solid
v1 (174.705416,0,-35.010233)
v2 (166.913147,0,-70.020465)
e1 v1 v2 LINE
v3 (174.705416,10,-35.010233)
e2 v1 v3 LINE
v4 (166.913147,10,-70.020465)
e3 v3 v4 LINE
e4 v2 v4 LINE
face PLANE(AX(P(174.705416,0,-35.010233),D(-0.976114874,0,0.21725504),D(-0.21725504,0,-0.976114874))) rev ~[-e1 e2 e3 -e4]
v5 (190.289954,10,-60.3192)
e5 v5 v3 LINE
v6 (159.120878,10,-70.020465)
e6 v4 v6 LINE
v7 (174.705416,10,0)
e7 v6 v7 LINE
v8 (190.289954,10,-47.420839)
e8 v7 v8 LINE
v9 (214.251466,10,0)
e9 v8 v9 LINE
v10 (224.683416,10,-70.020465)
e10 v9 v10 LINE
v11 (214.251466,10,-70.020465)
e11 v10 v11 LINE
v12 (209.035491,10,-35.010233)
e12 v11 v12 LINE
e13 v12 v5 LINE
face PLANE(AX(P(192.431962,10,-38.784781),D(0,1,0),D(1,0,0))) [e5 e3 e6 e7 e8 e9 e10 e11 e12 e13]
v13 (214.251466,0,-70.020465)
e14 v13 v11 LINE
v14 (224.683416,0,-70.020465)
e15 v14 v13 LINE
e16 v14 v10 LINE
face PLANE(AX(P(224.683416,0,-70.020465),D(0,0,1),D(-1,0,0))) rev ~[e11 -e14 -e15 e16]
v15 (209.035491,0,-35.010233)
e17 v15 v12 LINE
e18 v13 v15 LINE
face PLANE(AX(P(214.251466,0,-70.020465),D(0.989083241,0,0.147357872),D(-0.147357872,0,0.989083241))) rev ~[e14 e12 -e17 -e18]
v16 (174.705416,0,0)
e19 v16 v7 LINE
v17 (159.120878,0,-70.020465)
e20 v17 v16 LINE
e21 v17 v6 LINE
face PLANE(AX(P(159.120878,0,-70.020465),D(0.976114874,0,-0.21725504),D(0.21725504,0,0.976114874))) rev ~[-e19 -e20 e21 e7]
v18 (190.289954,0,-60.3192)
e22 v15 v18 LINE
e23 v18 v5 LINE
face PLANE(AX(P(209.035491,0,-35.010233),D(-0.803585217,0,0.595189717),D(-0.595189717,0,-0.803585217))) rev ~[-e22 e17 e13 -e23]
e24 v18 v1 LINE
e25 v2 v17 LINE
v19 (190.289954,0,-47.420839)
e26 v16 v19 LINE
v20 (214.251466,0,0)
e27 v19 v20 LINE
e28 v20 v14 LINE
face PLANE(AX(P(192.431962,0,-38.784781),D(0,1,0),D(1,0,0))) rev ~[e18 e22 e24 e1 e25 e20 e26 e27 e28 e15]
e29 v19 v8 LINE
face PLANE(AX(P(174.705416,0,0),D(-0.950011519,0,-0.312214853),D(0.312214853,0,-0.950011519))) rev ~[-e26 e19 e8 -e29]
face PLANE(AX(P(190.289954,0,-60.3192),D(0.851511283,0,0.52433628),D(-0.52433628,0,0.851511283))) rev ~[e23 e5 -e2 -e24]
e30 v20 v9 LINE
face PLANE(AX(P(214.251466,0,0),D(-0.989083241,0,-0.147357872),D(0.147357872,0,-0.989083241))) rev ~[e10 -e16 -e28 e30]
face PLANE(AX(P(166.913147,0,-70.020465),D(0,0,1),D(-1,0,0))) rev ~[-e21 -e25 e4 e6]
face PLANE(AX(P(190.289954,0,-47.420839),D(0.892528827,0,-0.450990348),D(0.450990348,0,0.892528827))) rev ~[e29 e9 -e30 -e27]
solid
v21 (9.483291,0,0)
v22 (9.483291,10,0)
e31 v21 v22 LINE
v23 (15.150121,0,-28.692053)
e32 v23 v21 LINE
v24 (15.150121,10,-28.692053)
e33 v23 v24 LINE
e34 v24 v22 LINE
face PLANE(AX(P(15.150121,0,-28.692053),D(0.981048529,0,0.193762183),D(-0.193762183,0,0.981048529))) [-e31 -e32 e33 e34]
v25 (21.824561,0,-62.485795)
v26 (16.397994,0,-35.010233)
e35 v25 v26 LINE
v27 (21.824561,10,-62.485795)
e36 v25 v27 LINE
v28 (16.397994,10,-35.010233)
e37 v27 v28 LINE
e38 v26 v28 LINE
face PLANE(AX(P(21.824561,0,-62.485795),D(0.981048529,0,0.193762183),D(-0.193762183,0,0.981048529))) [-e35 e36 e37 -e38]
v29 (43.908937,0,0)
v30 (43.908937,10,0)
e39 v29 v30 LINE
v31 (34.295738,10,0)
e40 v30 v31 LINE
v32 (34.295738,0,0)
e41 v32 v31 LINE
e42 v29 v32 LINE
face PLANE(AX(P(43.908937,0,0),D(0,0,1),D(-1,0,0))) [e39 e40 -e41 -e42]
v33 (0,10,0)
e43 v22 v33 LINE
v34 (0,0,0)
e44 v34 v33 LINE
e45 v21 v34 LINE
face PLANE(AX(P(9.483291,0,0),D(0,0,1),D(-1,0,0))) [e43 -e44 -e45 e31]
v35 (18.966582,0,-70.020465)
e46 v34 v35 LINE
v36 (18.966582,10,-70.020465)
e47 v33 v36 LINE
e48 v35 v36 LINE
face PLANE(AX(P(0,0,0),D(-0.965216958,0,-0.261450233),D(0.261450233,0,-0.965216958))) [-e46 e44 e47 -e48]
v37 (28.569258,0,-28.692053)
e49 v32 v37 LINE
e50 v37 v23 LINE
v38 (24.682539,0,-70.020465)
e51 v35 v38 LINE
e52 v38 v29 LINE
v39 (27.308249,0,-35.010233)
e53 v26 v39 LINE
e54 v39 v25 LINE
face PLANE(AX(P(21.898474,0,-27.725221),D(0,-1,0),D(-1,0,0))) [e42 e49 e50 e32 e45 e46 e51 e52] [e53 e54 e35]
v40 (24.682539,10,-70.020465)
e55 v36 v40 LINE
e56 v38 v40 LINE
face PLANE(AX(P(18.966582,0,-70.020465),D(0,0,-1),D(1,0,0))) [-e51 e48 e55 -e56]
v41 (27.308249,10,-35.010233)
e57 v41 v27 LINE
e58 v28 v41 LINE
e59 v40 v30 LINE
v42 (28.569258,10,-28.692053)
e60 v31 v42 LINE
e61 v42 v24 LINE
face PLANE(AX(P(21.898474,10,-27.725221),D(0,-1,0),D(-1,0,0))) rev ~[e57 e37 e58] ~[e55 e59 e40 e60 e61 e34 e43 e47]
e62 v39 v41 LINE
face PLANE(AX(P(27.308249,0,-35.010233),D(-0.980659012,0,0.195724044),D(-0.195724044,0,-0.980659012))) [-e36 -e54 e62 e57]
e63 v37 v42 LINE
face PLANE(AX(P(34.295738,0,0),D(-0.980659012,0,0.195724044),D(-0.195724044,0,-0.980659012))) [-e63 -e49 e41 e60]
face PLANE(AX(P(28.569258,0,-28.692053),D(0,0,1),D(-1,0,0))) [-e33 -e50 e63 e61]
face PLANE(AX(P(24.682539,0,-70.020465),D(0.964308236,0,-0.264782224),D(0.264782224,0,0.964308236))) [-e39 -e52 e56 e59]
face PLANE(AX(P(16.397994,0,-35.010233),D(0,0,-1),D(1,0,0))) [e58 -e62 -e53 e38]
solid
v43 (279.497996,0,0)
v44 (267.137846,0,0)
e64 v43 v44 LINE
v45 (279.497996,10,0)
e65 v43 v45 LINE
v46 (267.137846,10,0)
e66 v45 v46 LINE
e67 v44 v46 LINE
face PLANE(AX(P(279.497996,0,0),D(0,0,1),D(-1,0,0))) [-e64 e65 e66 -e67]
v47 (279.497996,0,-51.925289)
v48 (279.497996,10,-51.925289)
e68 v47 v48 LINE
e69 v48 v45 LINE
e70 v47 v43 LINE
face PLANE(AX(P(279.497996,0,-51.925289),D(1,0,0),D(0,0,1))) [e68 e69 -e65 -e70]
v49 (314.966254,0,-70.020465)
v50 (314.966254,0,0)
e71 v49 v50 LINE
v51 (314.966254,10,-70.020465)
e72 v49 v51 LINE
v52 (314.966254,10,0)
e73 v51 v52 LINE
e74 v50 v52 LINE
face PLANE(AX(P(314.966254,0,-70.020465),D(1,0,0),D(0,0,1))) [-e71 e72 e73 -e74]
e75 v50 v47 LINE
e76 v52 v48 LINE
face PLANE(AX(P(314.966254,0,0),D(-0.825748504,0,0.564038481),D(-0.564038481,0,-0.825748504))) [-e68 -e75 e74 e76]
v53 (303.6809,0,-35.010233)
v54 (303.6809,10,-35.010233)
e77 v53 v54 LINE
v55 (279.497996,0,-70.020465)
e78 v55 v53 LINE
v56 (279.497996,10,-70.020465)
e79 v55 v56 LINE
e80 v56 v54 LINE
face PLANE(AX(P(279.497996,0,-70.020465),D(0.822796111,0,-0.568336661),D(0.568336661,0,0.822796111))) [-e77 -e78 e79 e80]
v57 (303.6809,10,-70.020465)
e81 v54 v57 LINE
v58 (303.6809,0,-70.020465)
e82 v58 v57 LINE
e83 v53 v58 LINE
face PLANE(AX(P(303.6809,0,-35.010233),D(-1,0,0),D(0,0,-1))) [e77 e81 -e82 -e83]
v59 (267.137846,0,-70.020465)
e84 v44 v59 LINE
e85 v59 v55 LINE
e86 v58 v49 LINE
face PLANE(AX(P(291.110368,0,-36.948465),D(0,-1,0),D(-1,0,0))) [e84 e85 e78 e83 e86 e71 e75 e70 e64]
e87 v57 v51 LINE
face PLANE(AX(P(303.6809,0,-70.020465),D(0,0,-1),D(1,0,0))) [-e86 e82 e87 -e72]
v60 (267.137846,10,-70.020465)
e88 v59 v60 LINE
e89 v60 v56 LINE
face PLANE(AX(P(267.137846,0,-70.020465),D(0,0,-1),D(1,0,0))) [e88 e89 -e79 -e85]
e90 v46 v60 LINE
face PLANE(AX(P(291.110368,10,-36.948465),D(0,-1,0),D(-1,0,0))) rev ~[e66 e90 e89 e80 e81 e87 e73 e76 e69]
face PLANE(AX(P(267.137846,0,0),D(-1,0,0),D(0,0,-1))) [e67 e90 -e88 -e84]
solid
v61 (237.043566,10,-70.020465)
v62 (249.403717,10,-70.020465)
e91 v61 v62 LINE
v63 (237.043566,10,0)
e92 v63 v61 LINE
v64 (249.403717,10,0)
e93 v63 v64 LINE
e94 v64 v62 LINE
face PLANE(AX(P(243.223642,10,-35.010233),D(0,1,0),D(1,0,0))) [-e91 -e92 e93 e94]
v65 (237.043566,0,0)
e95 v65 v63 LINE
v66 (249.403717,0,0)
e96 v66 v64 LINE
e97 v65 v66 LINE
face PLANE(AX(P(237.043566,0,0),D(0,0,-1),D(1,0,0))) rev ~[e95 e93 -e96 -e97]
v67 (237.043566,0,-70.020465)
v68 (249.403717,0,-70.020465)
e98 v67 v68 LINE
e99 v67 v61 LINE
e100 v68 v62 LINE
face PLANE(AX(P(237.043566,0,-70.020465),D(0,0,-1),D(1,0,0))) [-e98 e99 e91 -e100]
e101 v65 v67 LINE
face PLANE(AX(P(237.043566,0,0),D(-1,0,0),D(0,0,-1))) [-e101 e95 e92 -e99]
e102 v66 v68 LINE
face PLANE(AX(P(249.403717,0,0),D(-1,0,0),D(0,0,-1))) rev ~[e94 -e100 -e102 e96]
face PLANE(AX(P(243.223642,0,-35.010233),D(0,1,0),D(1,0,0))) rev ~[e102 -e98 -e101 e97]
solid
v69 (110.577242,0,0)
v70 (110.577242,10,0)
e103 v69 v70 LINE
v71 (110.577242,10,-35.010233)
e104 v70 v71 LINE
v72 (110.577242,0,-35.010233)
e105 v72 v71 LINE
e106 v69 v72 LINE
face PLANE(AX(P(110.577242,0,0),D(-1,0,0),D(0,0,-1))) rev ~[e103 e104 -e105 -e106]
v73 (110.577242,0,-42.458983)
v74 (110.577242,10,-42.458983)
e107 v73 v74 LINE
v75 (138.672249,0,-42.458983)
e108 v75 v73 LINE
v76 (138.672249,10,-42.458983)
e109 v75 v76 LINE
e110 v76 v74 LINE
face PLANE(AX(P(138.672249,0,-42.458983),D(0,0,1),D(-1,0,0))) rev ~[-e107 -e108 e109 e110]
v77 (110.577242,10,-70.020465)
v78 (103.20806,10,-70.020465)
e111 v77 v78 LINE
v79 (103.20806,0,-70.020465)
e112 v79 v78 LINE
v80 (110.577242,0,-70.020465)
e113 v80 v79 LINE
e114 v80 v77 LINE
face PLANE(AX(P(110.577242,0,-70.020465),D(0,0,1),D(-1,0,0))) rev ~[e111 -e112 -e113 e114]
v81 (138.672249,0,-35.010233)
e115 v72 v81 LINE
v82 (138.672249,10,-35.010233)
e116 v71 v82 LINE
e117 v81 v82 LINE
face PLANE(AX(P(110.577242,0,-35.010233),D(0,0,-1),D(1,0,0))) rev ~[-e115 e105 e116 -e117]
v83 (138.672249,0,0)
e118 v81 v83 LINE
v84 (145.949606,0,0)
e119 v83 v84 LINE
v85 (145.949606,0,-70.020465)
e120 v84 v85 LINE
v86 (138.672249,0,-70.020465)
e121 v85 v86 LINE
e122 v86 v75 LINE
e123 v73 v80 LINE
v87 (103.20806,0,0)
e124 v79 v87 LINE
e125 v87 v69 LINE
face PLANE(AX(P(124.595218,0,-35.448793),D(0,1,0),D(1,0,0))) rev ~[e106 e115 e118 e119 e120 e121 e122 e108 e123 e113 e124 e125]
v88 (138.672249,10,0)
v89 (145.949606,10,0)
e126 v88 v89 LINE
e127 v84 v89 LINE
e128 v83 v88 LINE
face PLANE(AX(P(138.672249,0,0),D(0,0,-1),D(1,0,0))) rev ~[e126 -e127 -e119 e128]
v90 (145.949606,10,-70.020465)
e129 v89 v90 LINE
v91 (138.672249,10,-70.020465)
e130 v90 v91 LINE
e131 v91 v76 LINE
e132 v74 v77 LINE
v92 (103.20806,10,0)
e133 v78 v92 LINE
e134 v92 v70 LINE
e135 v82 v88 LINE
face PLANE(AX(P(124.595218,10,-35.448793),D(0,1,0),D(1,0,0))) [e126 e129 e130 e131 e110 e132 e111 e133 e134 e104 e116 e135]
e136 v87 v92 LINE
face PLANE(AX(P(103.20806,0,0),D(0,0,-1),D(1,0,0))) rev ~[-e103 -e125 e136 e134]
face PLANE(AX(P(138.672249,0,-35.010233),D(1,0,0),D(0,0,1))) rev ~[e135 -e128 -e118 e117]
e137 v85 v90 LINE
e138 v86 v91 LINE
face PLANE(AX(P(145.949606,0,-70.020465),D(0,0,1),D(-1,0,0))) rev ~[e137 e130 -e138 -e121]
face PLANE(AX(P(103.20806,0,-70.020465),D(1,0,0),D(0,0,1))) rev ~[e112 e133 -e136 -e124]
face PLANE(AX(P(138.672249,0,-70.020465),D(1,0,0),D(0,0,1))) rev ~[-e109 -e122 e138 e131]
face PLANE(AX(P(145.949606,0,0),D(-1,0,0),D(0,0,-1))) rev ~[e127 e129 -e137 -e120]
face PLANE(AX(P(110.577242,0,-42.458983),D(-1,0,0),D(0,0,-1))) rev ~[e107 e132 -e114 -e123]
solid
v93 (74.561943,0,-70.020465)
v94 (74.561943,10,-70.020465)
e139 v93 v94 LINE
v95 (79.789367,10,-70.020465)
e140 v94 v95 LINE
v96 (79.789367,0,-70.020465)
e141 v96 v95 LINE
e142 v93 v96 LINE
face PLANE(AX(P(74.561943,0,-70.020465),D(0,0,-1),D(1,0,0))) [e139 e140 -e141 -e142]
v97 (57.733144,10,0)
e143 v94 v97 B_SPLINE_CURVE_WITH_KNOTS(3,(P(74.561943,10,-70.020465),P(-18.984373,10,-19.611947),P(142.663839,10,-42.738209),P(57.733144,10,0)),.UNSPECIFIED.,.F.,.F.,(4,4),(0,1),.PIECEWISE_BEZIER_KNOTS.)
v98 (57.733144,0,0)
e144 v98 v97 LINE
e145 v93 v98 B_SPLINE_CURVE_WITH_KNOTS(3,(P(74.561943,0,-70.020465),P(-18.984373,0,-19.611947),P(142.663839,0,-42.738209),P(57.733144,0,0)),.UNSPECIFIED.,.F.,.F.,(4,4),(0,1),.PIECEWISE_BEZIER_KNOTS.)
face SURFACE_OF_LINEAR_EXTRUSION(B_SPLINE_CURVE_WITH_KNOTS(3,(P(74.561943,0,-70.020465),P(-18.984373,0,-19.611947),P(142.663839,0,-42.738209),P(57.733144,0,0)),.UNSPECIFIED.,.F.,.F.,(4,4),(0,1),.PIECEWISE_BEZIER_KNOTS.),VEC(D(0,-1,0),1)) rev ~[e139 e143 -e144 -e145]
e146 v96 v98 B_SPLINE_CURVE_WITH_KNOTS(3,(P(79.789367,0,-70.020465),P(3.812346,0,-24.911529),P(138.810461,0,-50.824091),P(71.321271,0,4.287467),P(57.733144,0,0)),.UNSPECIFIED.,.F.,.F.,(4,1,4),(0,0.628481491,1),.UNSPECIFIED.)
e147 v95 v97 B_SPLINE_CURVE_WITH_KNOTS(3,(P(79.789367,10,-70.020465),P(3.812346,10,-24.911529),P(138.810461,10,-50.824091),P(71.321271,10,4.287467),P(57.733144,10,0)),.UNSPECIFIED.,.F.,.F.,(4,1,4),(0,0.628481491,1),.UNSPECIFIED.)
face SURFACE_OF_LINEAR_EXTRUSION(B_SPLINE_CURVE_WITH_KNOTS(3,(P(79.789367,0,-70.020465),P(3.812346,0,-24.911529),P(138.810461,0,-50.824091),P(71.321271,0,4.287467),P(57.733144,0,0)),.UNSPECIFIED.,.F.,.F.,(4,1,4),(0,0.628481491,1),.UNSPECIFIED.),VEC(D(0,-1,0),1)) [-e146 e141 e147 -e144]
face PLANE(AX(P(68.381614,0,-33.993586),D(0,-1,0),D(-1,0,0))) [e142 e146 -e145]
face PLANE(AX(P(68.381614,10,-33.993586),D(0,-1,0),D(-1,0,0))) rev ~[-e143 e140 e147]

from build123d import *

# Parameters (mm, degrees)
BOSS_EXTRUDE1_DEPTH   = 10
BOSS_EXTRUDE1_2_DEPTH = 10
BOSS_EXTRUDE1_3_DEPTH = 10
BOSS_EXTRUDE1_4_DEPTH = 10
BOSS_EXTRUDE1_5_DEPTH = 10
SKETCH1_W             = 12.36015051
SKETCH1_H             = 70.020465147
BOSS_EXTRUDE1_6_DEPTH = 10


with BuildPart() as part:
    # Sketch1 → Boss-Extrude1 (new body)
    with BuildSketch(Plane(origin=(0, 0, 0), x_dir=(1, 0, 0), z_dir=(0, 1, 0))):
        Polygon((0, 0), (18.966582396, 70.020465147), (24.682538735, 70.020465147), (43.908937328, 0), (34.295738031, 0), (28.569257688, 28.692052555), (15.150120705, 28.692052555), (9.483291198, 0), align=None)
        Polygon((21.824560565, 62.485795428), (16.397994097, 35.010232574), (27.308248786, 35.010232574), align=None, mode=Mode.SUBTRACT)
    extrude(amount=BOSS_EXTRUDE1_DEPTH)


with BuildPart() as body_2:
    # Sketch1 → Boss-Extrude1 2 (new body)
    with BuildSketch(Plane(origin=(0, 0, 0), x_dir=(1, 0, 0), z_dir=(0, 1, 0))):
        with BuildLine():
            Line((74.561942632, 70.020465147), (79.789367499, 70.020465147))
            add(Edge.make_bspline(
                [(79.789367499, 70.020465147), (3.812346401, 24.911528702), (138.810461133, 50.824090878), (71.32127094, -4.287466603), (57.73314392, 0)],
                knots=[0, 0, 0, 0, 0.628481491, 1, 1, 1, 1], degree=3))
            add(Edge.make_bspline(
                [(74.561942632, 70.020465147), (-18.984373481, 19.61194677), (142.663839025, 42.738208807), (57.73314392, 0)],
                knots=[0, 0, 0, 0, 1, 1, 1, 1], degree=3))
        make_face()
    extrude(amount=BOSS_EXTRUDE1_2_DEPTH)


with BuildPart() as body_3:
    # Sketch1 → Boss-Extrude1 3 (new body)
    with BuildSketch(Plane(origin=(0, 0, 0), x_dir=(1, 0, 0), z_dir=(0, 1, 0))):
        Polygon((103.208059562, 70.020465147), (103.208059562, 0), (110.577241701, 0), (110.577241701, 35.010232574), (138.672248606, 35.010232574), (138.672248606, 0), (145.949605986, 0), (145.949605986, 70.020465147), (138.672248606, 70.020465147), (138.672248606, 42.458982771), (110.577241701, 42.458982771), (110.577241701, 70.020465147), align=None)
    extrude(amount=BOSS_EXTRUDE1_3_DEPTH)


with BuildPart() as body_4:
    # Sketch1 → Boss-Extrude1 4 (new body)
    with BuildSketch(Plane(origin=(0, 0, 0), x_dir=(1, 0, 0), z_dir=(0, 1, 0))):
        Polygon((159.120878447, 70.020465147), (174.705416046, 0), (190.289953645, 47.420838912), (214.251466133, 0), (224.683415933, 70.020465147), (214.251466133, 70.020465147), (209.035491234, 35.010232574), (190.289953645, 60.319199573), (174.705416046, 35.010232574), (166.913147247, 70.020465147), align=None)
    extrude(amount=BOSS_EXTRUDE1_4_DEPTH)


with BuildPart() as body_5:
    # Sketch1 → Boss-Extrude1 5 (new body)
    with BuildSketch(Plane(origin=(0, 0, 0), x_dir=(1, 0, 0), z_dir=(0, 1, 0))):
        Polygon((267.137845944, 0), (267.137845944, 70.020465147), (279.497996453, 70.020465147), (303.680899624, 35.010232574), (303.680899624, 70.020465147), (314.966254437, 70.020465147), (314.966254437, 0), (279.497996453, 51.925288761), (279.497996453, 0), align=None)
    extrude(amount=BOSS_EXTRUDE1_5_DEPTH)


with BuildPart() as body_6:
    # Sketch1 → Boss-Extrude1 6 (new body)
    with BuildSketch(Plane(origin=(0, 0, 0), x_dir=(1, 0, 0), z_dir=(0, 1, 0))):
        with Locations((243.223641697, 35.010232574)):
            Rectangle(SKETCH1_W, SKETCH1_H)
    extrude(amount=BOSS_EXTRUDE1_6_DEPTH)


solid = Compound([part.part, body_2.part, body_3.part, body_4.part, body_5.part, body_6.part])
